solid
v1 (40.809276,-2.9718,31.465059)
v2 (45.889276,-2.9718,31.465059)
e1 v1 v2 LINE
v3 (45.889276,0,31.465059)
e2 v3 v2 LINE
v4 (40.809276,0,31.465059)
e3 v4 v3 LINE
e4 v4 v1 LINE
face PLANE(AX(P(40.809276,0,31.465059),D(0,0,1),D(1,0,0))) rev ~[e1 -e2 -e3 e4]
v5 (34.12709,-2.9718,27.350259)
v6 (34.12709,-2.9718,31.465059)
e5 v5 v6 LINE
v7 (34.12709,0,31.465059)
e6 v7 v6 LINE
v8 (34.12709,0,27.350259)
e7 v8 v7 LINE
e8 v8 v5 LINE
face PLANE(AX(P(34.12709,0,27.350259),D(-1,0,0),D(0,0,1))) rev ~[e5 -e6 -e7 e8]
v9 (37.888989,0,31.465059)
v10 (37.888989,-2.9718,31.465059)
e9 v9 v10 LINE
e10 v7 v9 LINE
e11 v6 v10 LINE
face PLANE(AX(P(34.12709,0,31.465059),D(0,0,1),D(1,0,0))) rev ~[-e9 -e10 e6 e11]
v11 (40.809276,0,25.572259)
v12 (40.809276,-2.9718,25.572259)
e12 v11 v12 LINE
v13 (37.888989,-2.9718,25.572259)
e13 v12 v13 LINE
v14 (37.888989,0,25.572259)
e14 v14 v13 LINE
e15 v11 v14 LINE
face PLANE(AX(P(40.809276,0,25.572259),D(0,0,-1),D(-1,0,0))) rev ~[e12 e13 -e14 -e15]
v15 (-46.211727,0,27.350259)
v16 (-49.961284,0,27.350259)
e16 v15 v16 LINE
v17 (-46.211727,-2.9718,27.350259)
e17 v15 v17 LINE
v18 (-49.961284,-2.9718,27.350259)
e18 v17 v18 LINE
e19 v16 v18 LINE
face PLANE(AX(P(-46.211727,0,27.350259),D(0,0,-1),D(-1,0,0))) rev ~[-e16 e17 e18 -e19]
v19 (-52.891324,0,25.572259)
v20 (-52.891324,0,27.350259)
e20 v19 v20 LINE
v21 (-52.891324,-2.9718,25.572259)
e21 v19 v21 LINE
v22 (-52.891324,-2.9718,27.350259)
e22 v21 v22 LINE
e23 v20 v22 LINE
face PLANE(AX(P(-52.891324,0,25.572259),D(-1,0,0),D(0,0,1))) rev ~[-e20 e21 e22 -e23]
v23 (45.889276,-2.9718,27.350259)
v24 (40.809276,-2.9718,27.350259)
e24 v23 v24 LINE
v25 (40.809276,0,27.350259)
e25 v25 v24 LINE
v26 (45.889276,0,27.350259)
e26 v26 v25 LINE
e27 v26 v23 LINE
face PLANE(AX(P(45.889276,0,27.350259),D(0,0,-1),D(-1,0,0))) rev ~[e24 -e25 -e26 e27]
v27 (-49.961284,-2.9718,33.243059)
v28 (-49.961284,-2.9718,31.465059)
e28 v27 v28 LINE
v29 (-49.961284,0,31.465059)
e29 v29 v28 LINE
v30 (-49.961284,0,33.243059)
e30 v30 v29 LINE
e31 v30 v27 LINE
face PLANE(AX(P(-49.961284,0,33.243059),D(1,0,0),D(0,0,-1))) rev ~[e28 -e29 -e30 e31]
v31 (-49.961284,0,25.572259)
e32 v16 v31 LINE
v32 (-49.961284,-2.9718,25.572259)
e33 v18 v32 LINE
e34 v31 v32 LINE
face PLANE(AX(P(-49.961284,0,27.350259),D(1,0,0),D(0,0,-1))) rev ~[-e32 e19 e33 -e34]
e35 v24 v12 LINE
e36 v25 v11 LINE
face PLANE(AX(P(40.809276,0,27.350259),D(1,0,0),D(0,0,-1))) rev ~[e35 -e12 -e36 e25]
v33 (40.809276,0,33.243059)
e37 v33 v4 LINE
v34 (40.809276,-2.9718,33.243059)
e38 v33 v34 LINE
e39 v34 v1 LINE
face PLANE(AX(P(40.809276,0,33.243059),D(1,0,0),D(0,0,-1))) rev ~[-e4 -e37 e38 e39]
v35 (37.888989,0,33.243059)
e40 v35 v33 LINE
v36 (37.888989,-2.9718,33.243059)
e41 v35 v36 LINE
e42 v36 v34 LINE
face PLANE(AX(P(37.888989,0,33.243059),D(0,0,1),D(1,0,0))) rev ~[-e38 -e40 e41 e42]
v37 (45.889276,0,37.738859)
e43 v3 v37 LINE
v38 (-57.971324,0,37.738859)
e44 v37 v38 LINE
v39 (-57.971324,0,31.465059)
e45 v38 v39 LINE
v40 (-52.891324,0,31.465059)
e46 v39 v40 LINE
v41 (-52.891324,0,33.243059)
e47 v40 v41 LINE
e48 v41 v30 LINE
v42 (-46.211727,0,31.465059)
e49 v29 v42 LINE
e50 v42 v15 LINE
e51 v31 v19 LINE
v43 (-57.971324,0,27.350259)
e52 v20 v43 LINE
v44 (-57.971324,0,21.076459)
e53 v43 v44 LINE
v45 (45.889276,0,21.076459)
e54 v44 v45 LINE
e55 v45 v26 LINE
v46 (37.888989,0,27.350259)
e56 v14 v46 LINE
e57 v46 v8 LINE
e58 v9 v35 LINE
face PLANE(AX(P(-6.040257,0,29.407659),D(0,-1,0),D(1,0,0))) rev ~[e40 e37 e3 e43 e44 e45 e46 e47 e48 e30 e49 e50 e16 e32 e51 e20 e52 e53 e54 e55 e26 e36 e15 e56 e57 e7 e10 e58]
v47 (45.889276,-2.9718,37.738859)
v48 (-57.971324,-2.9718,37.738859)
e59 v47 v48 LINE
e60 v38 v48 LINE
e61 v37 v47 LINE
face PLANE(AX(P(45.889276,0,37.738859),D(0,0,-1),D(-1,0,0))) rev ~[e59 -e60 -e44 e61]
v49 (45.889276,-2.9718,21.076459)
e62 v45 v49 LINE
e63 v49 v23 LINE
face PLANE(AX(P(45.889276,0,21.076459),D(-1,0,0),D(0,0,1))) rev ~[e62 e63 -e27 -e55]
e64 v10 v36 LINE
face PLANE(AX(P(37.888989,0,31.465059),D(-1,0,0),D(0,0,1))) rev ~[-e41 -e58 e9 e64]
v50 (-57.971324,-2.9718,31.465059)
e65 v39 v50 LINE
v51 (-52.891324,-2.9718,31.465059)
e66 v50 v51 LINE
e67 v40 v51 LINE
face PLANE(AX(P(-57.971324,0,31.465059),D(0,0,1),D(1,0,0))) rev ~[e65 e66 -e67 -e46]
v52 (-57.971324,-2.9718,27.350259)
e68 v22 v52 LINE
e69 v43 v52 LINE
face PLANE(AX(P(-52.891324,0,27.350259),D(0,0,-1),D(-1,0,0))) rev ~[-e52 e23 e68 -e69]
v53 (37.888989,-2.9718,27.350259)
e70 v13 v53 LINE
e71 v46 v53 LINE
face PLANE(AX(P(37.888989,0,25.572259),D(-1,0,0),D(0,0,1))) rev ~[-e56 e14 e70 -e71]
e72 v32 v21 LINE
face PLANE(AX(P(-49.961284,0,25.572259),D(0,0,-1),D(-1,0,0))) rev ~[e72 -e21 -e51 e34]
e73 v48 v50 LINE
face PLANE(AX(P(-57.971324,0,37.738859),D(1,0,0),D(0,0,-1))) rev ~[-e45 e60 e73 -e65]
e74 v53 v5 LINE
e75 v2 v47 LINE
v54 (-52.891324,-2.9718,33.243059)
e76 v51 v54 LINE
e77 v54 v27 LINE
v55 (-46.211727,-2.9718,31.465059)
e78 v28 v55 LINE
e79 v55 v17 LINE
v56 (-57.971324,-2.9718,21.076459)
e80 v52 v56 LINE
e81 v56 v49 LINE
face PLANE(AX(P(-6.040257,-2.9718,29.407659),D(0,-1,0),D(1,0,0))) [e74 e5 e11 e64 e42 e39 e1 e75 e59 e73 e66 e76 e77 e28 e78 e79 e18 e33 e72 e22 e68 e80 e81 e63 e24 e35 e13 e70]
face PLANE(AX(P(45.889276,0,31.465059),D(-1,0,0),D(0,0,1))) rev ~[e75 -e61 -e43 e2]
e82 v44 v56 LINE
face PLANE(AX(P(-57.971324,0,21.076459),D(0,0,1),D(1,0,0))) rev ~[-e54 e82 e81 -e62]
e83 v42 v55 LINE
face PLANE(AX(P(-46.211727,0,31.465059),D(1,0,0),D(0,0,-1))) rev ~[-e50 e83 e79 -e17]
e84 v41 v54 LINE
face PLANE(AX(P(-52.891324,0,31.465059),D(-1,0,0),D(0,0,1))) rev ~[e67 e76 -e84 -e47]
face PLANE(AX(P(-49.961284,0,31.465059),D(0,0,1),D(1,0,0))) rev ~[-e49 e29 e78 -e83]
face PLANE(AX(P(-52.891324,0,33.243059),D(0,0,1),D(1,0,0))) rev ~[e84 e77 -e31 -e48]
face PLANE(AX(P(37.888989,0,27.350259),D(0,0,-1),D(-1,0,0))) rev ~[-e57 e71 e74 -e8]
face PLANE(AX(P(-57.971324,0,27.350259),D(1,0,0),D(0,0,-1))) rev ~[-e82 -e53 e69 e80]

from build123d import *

# Parameters (mm, degrees)
F1_DEPTH = 2.9718


with BuildPart() as f1:
    # F0 (on Front) → F1 (new body)
    with BuildSketch(Plane.XZ):
        Polygon((45.889276, 37.738859), (-57.971324, 37.738859), (-57.971324, 31.465059), (-52.891324, 31.465059), (-52.891324, 33.243059), (-49.961284, 33.243059), (-49.961284, 31.465059), (-46.211727, 31.465059), (-46.211727, 27.350259), (-49.961284, 27.350259), (-49.961284, 25.572259), (-52.891324, 25.572259), (-52.891324, 27.350259), (-57.971324, 27.350259), (-57.971324, 21.076459), (45.889276, 21.076459), (45.889276, 27.350259), (40.809276, 27.350259), (40.809276, 25.572259), (37.888989, 25.572259), (37.888989, 27.350259), (34.12709, 27.350259), (34.12709, 31.465059), (37.888989, 31.465059), (37.888989, 33.243059), (40.809276, 33.243059), (40.809276, 31.465059), (45.889276, 31.465059), align=None)
    extrude(amount=F1_DEPTH)


solid = f1.part
